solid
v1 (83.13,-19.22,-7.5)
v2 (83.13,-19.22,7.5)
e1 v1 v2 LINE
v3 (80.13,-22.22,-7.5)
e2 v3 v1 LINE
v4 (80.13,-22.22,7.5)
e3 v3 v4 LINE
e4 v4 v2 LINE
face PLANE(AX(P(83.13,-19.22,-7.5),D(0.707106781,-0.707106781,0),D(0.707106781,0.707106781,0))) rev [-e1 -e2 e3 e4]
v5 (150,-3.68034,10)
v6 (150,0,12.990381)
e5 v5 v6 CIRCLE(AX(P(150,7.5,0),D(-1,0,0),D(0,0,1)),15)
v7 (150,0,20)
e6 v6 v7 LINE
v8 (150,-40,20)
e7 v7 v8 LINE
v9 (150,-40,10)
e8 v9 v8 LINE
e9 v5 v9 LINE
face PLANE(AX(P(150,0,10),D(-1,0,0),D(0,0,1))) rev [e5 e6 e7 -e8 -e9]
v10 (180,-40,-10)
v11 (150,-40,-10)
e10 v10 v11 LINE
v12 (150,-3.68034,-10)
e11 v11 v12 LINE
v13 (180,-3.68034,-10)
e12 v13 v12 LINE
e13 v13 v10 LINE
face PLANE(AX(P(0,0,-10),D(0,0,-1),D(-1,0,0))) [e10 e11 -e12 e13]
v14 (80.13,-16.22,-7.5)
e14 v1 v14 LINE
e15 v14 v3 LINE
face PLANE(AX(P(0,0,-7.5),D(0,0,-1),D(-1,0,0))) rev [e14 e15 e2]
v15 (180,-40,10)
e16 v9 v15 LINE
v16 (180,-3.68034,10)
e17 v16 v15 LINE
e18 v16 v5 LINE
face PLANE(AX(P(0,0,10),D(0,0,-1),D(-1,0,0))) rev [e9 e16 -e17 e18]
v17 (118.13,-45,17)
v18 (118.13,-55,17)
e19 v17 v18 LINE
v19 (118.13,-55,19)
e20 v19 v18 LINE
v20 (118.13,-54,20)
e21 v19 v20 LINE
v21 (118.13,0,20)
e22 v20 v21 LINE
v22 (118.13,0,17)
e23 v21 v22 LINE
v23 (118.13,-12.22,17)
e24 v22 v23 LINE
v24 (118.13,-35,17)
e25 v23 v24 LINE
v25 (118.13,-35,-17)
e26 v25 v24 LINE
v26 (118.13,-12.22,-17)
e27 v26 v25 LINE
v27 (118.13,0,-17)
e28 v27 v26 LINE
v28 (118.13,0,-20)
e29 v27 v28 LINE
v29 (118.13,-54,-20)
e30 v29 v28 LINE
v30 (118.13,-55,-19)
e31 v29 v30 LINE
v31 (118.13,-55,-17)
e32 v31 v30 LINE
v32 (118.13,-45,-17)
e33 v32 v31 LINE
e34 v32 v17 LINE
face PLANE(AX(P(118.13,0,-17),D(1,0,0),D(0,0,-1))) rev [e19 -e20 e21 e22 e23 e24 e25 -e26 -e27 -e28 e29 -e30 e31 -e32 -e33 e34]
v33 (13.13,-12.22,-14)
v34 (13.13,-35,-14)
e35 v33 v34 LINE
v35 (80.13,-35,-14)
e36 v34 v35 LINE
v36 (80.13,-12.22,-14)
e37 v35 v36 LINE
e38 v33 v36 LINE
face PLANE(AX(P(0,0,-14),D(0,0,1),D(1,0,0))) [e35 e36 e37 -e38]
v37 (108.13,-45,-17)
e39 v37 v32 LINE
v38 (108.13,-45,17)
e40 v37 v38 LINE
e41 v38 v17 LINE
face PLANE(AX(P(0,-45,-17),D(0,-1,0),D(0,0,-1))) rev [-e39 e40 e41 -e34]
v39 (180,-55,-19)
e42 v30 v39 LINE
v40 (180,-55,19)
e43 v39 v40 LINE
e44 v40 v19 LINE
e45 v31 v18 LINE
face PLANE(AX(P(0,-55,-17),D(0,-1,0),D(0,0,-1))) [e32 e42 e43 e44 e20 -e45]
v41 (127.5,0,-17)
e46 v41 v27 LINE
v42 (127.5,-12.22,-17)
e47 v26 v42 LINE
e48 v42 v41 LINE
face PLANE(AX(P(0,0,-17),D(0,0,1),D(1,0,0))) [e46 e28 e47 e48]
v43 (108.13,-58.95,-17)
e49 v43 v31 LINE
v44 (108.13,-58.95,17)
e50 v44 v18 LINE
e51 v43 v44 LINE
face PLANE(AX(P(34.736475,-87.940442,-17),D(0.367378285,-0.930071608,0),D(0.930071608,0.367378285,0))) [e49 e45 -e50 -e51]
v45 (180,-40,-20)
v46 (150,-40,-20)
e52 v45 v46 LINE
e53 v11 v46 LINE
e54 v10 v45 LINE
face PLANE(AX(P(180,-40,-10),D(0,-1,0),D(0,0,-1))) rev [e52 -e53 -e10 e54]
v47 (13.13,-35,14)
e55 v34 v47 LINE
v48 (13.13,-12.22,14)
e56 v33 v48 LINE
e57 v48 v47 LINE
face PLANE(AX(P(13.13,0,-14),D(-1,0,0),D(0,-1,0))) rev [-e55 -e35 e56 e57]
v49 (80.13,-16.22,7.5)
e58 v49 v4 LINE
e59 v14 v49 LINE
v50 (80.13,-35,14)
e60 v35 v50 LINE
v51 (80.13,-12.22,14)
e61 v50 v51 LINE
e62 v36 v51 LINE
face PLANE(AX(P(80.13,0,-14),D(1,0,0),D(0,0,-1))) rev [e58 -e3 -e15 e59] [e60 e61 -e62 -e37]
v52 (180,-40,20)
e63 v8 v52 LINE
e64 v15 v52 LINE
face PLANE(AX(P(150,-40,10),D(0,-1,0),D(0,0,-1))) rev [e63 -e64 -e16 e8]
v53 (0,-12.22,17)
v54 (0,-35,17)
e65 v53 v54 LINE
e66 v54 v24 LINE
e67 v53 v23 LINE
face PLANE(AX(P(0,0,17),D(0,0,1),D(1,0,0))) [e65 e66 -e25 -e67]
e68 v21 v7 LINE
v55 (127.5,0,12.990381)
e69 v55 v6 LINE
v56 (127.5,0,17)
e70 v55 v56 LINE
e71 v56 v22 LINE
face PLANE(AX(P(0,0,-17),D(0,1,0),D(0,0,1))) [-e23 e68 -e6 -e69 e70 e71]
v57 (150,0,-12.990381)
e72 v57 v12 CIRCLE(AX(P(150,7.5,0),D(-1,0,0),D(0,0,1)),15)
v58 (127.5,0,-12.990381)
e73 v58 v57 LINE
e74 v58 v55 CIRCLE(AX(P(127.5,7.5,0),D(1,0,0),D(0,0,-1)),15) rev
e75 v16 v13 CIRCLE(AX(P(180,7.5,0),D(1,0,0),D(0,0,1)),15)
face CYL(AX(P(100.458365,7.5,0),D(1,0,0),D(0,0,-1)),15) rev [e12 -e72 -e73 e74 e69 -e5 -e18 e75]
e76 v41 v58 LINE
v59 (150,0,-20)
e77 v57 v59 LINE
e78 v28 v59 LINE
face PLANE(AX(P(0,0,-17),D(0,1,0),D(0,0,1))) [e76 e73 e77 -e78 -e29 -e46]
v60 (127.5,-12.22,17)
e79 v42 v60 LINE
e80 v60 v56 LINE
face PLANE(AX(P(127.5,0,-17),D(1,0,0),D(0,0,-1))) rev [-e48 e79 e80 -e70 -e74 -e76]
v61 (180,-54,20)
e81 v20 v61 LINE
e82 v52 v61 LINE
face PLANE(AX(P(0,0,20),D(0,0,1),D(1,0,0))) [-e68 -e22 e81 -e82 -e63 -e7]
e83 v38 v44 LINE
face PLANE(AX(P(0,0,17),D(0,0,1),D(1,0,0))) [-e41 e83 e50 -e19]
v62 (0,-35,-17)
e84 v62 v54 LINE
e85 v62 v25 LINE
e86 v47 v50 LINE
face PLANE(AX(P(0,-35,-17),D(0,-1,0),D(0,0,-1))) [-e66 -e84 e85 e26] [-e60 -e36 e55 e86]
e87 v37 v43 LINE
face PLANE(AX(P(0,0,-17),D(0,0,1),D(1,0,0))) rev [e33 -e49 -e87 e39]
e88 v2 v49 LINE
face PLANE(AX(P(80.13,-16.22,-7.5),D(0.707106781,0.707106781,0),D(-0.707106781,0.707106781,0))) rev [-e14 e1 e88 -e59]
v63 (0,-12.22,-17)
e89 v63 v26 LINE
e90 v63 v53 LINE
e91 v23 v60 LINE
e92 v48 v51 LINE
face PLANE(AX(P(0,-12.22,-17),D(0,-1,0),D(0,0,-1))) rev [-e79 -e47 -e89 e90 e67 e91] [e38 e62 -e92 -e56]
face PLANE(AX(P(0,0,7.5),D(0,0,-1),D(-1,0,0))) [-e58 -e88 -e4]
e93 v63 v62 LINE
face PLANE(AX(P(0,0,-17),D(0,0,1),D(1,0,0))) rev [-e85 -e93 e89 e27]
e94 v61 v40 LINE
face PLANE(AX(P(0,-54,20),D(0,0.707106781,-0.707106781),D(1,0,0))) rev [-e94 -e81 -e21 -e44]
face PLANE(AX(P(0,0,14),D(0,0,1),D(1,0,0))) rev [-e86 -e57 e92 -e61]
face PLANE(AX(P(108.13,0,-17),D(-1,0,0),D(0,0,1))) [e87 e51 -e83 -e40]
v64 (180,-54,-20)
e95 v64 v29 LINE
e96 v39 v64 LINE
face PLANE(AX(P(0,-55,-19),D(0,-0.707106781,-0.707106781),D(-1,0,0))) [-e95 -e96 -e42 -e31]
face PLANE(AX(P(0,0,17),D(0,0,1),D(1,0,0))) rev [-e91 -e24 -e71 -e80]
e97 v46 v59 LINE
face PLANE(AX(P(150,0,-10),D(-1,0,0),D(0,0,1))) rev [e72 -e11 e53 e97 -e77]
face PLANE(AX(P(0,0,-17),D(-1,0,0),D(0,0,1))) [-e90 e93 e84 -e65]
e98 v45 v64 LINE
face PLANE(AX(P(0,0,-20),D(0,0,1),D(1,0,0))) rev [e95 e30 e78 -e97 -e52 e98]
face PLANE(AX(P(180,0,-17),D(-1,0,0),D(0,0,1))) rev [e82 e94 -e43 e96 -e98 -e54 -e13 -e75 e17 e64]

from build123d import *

# Parameters (mm, degrees)
EXTRUDE_1_DEPTH     = 17
EXTRUDE_2_DEPTH     = 20
SKETCH_2_W          = 127.5
SKETCH_2_H          = 12.22
CUT_EXTRUDE_1_DEPTH = 17
SKETCH_6_W          = 30
SKETCH_6_H          = 40
CUT_EXTRUDE_2_DEPTH = 10
SKETCH_7_W          = 30
SKETCH_7_H          = 40
CUT_EXTRUDE_3_DEPTH = 10
SKETCH_8_W          = 67
SKETCH_8_H          = 22.78
CUT_EXTRUDE_4_DEPTH = 14
CUT_EXTRUDE_6_DEPTH = 7.5
CUT_EXTRUDE_7_REACH = 192.46
CHAMFER_1_SIZE      = 1


with BuildPart() as part:
    # 스케치1 → 보스-돌출1 (new, symmetric)
    with BuildSketch(Plane.XY):
        Polygon((180, 0), (0, 0), (0, -35), (118.13, -35), (118.13, -45), (108.13, -45), (108.13, -58.95), (118.13, -55), (180, -55), align=None)
    extrude(amount=EXTRUDE_1_DEPTH, both=True)

    # 스케치1<3> → 보스-돌출2 (add, symmetric)
    with BuildSketch(Plane.XY):
        Polygon((180, 0), (127.5, 0), (118.13, 0), (118.13, -10), (118.13, -35), (118.13, -45), (118.13, -55), (180, -55), align=None)
    extrude(amount=EXTRUDE_2_DEPTH, both=True)

    # 스케치2 → 컷-돌출1 (cut, symmetric)
    with BuildSketch(Plane.XY):
        with Locations((63.75, -6.11)):
            Rectangle(SKETCH_2_W, SKETCH_2_H)
    extrude(amount=CUT_EXTRUDE_1_DEPTH, both=True, mode=Mode.SUBTRACT)

    # 스케치6 → 컷-돌출2 (cut)
    with BuildSketch(Plane.XY.offset(20)):
        with Locations((165, -20)):
            Rectangle(SKETCH_6_W, SKETCH_6_H)
    extrude(amount=-CUT_EXTRUDE_2_DEPTH, mode=Mode.SUBTRACT)

    # 스케치7 → 컷-돌출3 (cut)
    with BuildSketch(Plane(origin=(0, 0, -20), x_dir=(-1, 0, 0), z_dir=(0, 0, -1))):
        with Locations((-165, -20)):
            Rectangle(SKETCH_7_W, SKETCH_7_H)
    extrude(amount=-CUT_EXTRUDE_3_DEPTH, mode=Mode.SUBTRACT)

    # 스케치8 → 컷-돌출4 (cut, symmetric)
    with BuildSketch(Plane.XY):
        with Locations((46.63, -23.61)):
            Rectangle(SKETCH_8_W, SKETCH_8_H)
    extrude(amount=CUT_EXTRUDE_4_DEPTH, both=True, mode=Mode.SUBTRACT)

    # 스케치13 → 컷-돌출6 (cut, symmetric)
    with BuildSketch(Plane.XY):
        Polygon((80.13, -16.22), (83.13, -19.22), (80.13, -22.22), align=None)
    extrude(amount=CUT_EXTRUDE_6_DEPTH, both=True, mode=Mode.SUBTRACT)

    # 컷-돌출7: up to this face of the body (flat: up to its plane)
    cut_extrude_7_end = Plane(part.part.faces().sort_by_distance((127.5, -6.11, 0))[0])
    # 스케치14 → 컷-돌출7 (cut, up to the picked face)
    with BuildSketch(Plane(origin=(180, 0, 0), x_dir=(0, 0, -1), z_dir=(1, 0, 0)), mode=Mode.PRIVATE) as cut_extrude_7_sk1:
        with BuildLine():
            Line((-12.990381057, 0), (12.990381057, 0))
            ThreePointArc((12.990381057, 0), (0, -7.5), (-12.990381057, 0))
        make_face()
    cut_extrude_7_tool1 = split(extrude(cut_extrude_7_sk1.sketch, amount=-CUT_EXTRUDE_7_REACH, mode=Mode.PRIVATE), bisect_by=cut_extrude_7_end, keep=Keep.BOTH, mode=Mode.PRIVATE)
    add(cut_extrude_7_tool1.solids().sort_by(Axis((180, -3.075302, 0), (-1, 0, 0)))[0], mode=Mode.SUBTRACT)

    # 모따기1
    chamfer_1_edges = [part.edges().sort_by_distance(p)[0] for p in [
        (149.065, -55, -20),
        (149.065, -55, 20),
    ]]
    chamfer(chamfer_1_edges, length=CHAMFER_1_SIZE)


solid = part.part
